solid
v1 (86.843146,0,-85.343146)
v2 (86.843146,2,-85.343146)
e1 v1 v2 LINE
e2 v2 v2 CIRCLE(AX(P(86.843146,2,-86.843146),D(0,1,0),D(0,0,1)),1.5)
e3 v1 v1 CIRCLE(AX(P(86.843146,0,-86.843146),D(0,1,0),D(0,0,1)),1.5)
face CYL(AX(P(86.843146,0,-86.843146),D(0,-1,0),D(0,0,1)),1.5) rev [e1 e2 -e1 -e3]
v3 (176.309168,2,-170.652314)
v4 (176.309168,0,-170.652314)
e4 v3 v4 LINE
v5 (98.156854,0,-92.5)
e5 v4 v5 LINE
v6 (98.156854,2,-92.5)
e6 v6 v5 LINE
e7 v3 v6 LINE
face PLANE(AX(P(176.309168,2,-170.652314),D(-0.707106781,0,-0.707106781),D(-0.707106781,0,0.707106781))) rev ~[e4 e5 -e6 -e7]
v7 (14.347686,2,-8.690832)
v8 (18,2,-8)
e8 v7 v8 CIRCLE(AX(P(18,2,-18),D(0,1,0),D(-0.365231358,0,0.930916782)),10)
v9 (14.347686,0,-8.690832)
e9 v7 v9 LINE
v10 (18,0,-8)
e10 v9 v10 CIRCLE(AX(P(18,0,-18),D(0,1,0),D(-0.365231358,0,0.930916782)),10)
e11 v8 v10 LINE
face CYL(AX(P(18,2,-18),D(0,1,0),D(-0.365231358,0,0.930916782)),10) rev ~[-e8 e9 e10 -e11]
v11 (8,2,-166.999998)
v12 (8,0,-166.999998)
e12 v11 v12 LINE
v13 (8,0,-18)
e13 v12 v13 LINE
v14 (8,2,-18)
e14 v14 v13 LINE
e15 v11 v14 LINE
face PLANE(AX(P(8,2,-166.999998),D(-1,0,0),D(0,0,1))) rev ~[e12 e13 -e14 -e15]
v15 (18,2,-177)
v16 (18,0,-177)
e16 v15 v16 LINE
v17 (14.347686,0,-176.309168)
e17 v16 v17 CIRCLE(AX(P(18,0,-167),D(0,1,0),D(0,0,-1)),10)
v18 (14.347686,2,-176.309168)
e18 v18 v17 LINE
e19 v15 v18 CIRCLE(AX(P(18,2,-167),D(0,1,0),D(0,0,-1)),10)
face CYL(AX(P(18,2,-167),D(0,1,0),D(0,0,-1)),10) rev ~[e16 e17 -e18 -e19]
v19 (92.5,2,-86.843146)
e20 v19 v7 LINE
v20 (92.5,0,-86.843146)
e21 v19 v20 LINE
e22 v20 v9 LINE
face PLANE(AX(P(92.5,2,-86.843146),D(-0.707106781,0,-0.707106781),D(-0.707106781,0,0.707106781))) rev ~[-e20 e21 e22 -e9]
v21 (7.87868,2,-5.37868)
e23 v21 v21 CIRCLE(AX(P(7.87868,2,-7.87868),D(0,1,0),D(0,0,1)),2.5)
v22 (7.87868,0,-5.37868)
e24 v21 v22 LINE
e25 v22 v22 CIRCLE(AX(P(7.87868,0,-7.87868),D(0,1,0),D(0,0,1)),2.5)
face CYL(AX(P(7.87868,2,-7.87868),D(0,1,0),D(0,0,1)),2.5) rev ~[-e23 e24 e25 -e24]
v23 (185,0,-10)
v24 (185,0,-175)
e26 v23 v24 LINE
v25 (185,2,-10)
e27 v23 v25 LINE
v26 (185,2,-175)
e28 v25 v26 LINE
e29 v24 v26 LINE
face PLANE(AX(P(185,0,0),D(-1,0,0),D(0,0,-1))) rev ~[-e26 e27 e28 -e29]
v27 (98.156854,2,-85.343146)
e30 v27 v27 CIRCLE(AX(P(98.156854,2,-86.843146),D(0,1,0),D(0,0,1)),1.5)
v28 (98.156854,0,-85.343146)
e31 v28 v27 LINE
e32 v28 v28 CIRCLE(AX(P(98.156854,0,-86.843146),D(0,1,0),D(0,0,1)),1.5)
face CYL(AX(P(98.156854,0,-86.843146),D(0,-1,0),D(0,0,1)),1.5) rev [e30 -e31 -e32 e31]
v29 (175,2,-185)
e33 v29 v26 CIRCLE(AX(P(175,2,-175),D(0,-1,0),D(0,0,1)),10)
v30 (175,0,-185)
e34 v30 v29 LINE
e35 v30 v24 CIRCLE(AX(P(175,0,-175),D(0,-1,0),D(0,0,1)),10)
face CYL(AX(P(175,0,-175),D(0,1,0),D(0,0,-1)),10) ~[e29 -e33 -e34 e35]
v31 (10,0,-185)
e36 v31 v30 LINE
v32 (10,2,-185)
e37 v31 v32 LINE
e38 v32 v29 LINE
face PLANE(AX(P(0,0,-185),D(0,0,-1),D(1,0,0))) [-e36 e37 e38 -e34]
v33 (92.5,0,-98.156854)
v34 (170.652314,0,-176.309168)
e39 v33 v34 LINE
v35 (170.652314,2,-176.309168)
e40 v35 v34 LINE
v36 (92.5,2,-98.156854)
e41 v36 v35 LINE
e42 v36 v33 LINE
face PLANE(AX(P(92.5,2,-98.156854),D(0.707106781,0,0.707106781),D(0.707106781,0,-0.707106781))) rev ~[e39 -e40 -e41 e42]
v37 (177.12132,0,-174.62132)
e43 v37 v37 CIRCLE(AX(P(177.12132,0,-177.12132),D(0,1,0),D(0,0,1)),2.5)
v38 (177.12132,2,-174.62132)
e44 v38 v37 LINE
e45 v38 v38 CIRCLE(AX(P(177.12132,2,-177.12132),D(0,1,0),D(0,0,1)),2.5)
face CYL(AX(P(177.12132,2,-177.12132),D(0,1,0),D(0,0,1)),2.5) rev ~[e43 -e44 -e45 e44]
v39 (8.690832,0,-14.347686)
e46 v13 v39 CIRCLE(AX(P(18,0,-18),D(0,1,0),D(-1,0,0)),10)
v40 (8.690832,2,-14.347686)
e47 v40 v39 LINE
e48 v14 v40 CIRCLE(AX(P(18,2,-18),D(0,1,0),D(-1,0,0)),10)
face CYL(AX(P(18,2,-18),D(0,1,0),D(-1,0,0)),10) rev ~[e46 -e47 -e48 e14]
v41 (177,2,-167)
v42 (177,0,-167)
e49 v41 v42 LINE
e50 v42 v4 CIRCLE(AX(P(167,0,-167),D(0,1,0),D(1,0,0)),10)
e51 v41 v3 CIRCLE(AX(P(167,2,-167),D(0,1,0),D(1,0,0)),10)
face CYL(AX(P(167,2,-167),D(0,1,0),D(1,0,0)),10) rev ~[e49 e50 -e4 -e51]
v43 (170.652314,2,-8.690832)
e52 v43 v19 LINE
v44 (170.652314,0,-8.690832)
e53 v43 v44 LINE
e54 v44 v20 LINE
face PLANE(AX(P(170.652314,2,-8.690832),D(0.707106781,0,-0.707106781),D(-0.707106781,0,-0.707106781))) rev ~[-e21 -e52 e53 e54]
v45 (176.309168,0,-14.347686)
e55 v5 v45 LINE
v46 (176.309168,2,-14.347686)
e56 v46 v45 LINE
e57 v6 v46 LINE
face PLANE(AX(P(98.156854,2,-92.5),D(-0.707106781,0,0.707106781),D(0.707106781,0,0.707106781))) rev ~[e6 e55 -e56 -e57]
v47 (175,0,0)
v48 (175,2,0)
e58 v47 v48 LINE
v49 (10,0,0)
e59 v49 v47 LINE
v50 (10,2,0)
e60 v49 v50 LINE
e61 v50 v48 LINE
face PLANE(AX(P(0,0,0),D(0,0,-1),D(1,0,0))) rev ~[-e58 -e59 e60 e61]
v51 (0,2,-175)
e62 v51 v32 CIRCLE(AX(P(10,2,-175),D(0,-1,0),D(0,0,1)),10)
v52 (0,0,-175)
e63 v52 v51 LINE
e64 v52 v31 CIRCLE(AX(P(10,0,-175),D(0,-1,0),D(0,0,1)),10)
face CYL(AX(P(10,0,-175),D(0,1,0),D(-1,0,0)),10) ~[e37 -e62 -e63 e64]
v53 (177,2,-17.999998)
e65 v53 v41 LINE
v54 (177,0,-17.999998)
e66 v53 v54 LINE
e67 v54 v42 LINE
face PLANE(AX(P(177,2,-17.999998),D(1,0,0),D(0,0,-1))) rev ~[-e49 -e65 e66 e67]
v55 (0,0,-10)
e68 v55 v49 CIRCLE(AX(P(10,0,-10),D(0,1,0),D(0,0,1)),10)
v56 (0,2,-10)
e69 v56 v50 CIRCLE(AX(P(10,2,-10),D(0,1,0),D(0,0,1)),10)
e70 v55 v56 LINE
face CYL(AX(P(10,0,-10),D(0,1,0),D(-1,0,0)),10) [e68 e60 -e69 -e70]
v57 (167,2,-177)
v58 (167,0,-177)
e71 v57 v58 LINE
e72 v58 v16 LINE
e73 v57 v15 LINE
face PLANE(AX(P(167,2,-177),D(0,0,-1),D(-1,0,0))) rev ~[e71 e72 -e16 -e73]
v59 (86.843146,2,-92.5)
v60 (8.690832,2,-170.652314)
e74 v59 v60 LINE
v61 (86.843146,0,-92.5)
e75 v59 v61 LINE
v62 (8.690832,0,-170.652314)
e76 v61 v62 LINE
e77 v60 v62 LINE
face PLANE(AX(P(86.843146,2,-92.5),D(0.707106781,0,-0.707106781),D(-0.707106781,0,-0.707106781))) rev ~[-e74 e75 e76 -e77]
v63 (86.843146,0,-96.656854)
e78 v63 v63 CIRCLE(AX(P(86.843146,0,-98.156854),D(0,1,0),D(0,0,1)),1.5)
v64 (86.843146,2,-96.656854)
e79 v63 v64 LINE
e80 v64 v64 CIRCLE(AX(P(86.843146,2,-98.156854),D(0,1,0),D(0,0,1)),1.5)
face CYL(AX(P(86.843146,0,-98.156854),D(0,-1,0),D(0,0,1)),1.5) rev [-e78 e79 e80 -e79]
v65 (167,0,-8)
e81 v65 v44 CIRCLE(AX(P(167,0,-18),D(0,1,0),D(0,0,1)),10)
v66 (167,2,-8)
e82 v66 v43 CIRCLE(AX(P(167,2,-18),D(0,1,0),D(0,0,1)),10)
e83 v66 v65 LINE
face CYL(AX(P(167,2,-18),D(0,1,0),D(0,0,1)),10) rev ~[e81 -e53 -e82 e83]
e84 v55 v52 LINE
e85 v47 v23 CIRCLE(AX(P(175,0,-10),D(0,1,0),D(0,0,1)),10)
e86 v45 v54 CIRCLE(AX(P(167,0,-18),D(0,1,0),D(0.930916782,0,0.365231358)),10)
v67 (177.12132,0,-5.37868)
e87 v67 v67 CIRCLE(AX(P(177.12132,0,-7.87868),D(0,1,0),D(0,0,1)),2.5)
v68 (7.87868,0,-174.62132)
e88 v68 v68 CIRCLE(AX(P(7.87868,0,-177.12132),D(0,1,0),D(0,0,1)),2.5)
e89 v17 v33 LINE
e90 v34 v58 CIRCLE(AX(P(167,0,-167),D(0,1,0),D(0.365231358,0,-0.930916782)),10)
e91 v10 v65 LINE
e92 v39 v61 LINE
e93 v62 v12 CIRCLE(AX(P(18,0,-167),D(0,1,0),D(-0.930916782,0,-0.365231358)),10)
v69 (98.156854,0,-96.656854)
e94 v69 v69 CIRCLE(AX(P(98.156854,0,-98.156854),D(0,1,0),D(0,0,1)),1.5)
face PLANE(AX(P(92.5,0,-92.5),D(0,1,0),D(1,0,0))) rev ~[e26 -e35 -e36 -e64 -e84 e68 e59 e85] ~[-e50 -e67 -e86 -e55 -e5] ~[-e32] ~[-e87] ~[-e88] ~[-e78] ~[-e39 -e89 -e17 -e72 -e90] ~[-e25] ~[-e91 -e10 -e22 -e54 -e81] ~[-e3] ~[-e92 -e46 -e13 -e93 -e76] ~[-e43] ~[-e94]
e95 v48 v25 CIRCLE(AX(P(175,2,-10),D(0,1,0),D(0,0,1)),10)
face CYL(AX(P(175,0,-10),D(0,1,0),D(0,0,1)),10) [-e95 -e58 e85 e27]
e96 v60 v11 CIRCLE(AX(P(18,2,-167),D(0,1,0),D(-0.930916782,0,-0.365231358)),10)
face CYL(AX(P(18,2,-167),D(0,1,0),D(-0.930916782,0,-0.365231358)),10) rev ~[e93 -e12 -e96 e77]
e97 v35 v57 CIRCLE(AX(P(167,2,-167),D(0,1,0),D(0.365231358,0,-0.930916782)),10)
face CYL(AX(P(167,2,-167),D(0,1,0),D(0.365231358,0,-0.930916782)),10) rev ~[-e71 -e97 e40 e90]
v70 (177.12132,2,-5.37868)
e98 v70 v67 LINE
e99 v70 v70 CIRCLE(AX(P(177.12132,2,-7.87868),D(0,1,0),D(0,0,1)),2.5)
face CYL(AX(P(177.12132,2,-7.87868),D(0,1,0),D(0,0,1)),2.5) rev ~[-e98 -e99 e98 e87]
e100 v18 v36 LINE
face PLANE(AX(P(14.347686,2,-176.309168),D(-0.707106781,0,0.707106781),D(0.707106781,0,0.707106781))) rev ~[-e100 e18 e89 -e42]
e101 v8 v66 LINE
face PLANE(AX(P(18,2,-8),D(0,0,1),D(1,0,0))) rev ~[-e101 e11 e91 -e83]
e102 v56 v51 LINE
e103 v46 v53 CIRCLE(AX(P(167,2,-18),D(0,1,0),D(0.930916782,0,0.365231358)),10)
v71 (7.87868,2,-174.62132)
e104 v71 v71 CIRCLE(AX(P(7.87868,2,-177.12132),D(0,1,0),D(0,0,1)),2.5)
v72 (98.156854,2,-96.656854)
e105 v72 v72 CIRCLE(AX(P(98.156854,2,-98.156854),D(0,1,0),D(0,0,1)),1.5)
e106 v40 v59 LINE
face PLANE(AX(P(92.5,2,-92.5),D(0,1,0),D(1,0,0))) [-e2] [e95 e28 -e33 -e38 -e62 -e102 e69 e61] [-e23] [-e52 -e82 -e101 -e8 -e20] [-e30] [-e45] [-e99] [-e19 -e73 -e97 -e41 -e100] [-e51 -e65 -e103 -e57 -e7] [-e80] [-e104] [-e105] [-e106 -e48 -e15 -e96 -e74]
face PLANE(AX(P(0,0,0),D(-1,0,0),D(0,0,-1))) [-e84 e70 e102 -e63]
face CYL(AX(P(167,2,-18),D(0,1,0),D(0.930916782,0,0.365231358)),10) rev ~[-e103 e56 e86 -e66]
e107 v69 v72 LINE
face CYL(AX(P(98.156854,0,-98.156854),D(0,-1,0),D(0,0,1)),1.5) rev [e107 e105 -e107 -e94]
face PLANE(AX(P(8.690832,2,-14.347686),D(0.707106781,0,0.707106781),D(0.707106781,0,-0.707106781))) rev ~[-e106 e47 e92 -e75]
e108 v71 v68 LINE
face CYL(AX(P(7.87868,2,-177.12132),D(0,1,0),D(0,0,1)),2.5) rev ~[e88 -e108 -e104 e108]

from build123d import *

# Parameters (mm, degrees)
SKETCH1_W           = 185
SKETCH1_H           = 185
SKETCH1_R           = 1.5
BOSS_EXTRUDE1_DEPTH = 2
CUT_EXTRUDE1_DEPTH  = 2
FILLET1_R           = 10
SKETCH3_R           = 2.5
CUT_EXTRUDE2_DEPTH  = 262.637153325


with BuildPart() as part:
    # Sketch1 → Boss-Extrude1 (new body)
    with BuildSketch(Plane(origin=(0, 0, 0), x_dir=(1, 0, 0), z_dir=(0, 1, 0))):
        with Locations((92.5, 92.5)):
            Rectangle(SKETCH1_W, SKETCH1_H)
        with Locations(Location((86.843145751, 98.156854249, 0), (0, 0, 270))):
            Circle(SKETCH1_R, mode=Mode.SUBTRACT)
        with Locations(Location((98.156854249, 98.156854249, 0), (0, 0, 270))):
            Circle(SKETCH1_R, mode=Mode.SUBTRACT)
        with Locations(Location((98.156854249, 86.843145751, 0), (0, 0, 270))):
            Circle(SKETCH1_R, mode=Mode.SUBTRACT)
        with Locations(Location((86.843145751, 86.843145751, 0), (0, 0, 270))):
            Circle(SKETCH1_R, mode=Mode.SUBTRACT)
    extrude(amount=BOSS_EXTRUDE1_DEPTH)

    # Sketch2 → Cut-Extrude1 (cut)
    with BuildSketch(Plane(origin=(0, 2, 0), x_dir=(1, 0, 0), z_dir=(0, 1, 0))):
        with BuildLine():
            ThreePointArc((18, 177), (16.141462703, 176.825774225), (14.347686426, 176.309167823))
            Line((14.347686426, 176.309167823), (92.5, 98.156854249))
            Line((92.5, 98.156854249), (170.652313574, 176.309167823))
            ThreePointArc((170.652313574, 176.309167823), (168.858537297, 176.825774225), (167, 177))
            Line((167, 177), (18, 177))
        make_face()
        with BuildLine():
            Line((86.843145751, 92.5), (8.690832177, 170.652313574))
            ThreePointArc((8.690832177, 170.652313574), (8.174225583, 168.858536282), (8, 166.999997934))
            Line((8, 166.999997934), (8, 18))
            ThreePointArc((8, 18), (8.174225775, 16.141462703), (8.690832177, 14.347686426))
            Line((8.690832177, 14.347686426), (86.843145751, 92.5))
        make_face()
        with BuildLine():
            Line((170.652313574, 8.690832177), (92.5, 86.843145751))
            Line((92.5, 86.843145751), (14.347686426, 8.690832177))
            ThreePointArc((14.347686426, 8.690832177), (16.141462703, 8.174225775), (18, 8))
            Line((18, 8), (167, 8))
            ThreePointArc((167, 8), (168.858537297, 8.174225775), (170.652313574, 8.690832177))
        make_face()
        with BuildLine():
            Line((176.309167823, 170.652313574), (98.156854249, 92.5))
            Line((98.156854249, 92.5), (176.309167823, 14.347686426))
            ThreePointArc((176.309167823, 14.347686426), (176.825774033, 16.141461688), (177, 17.999997934))
            Line((177, 17.999997934), (177, 167))
            ThreePointArc((177, 167), (176.825774225, 168.858537297), (176.309167823, 170.652313574))
        make_face()
    extrude(amount=-CUT_EXTRUDE1_DEPTH, mode=Mode.SUBTRACT)

    # Fillet1
    fillet1_edges = [part.edges().sort_by_distance(p)[0] for p in [
        (0, 1, -185),
        (185, 1, -185),
        (185, 1, 0),
        (0, 1, 0),
    ]]
    fillet(fillet1_edges, radius=FILLET1_R)

    # Sketch3 → Cut-Extrude2 (cut, through all)
    with BuildSketch(Plane(origin=(0, 2, 0), x_dir=(1, 0, 0), z_dir=(0, 1, 0))):
        with Locations(Location((7.878679656, 177.121320344, 0), (0, 0, 270))):
            Circle(SKETCH3_R)
        with Locations(Location((177.121320344, 177.121320344, 0), (0, 0, 270))):
            Circle(SKETCH3_R)
        with Locations(Location((177.121320344, 7.878679656, 0), (0, 0, 270))):
            Circle(SKETCH3_R)
        with Locations(Location((7.878679656, 7.878679656, 0), (0, 0, 270))):
            Circle(SKETCH3_R)
    extrude(amount=-CUT_EXTRUDE2_DEPTH, mode=Mode.SUBTRACT)


solid = part.part
